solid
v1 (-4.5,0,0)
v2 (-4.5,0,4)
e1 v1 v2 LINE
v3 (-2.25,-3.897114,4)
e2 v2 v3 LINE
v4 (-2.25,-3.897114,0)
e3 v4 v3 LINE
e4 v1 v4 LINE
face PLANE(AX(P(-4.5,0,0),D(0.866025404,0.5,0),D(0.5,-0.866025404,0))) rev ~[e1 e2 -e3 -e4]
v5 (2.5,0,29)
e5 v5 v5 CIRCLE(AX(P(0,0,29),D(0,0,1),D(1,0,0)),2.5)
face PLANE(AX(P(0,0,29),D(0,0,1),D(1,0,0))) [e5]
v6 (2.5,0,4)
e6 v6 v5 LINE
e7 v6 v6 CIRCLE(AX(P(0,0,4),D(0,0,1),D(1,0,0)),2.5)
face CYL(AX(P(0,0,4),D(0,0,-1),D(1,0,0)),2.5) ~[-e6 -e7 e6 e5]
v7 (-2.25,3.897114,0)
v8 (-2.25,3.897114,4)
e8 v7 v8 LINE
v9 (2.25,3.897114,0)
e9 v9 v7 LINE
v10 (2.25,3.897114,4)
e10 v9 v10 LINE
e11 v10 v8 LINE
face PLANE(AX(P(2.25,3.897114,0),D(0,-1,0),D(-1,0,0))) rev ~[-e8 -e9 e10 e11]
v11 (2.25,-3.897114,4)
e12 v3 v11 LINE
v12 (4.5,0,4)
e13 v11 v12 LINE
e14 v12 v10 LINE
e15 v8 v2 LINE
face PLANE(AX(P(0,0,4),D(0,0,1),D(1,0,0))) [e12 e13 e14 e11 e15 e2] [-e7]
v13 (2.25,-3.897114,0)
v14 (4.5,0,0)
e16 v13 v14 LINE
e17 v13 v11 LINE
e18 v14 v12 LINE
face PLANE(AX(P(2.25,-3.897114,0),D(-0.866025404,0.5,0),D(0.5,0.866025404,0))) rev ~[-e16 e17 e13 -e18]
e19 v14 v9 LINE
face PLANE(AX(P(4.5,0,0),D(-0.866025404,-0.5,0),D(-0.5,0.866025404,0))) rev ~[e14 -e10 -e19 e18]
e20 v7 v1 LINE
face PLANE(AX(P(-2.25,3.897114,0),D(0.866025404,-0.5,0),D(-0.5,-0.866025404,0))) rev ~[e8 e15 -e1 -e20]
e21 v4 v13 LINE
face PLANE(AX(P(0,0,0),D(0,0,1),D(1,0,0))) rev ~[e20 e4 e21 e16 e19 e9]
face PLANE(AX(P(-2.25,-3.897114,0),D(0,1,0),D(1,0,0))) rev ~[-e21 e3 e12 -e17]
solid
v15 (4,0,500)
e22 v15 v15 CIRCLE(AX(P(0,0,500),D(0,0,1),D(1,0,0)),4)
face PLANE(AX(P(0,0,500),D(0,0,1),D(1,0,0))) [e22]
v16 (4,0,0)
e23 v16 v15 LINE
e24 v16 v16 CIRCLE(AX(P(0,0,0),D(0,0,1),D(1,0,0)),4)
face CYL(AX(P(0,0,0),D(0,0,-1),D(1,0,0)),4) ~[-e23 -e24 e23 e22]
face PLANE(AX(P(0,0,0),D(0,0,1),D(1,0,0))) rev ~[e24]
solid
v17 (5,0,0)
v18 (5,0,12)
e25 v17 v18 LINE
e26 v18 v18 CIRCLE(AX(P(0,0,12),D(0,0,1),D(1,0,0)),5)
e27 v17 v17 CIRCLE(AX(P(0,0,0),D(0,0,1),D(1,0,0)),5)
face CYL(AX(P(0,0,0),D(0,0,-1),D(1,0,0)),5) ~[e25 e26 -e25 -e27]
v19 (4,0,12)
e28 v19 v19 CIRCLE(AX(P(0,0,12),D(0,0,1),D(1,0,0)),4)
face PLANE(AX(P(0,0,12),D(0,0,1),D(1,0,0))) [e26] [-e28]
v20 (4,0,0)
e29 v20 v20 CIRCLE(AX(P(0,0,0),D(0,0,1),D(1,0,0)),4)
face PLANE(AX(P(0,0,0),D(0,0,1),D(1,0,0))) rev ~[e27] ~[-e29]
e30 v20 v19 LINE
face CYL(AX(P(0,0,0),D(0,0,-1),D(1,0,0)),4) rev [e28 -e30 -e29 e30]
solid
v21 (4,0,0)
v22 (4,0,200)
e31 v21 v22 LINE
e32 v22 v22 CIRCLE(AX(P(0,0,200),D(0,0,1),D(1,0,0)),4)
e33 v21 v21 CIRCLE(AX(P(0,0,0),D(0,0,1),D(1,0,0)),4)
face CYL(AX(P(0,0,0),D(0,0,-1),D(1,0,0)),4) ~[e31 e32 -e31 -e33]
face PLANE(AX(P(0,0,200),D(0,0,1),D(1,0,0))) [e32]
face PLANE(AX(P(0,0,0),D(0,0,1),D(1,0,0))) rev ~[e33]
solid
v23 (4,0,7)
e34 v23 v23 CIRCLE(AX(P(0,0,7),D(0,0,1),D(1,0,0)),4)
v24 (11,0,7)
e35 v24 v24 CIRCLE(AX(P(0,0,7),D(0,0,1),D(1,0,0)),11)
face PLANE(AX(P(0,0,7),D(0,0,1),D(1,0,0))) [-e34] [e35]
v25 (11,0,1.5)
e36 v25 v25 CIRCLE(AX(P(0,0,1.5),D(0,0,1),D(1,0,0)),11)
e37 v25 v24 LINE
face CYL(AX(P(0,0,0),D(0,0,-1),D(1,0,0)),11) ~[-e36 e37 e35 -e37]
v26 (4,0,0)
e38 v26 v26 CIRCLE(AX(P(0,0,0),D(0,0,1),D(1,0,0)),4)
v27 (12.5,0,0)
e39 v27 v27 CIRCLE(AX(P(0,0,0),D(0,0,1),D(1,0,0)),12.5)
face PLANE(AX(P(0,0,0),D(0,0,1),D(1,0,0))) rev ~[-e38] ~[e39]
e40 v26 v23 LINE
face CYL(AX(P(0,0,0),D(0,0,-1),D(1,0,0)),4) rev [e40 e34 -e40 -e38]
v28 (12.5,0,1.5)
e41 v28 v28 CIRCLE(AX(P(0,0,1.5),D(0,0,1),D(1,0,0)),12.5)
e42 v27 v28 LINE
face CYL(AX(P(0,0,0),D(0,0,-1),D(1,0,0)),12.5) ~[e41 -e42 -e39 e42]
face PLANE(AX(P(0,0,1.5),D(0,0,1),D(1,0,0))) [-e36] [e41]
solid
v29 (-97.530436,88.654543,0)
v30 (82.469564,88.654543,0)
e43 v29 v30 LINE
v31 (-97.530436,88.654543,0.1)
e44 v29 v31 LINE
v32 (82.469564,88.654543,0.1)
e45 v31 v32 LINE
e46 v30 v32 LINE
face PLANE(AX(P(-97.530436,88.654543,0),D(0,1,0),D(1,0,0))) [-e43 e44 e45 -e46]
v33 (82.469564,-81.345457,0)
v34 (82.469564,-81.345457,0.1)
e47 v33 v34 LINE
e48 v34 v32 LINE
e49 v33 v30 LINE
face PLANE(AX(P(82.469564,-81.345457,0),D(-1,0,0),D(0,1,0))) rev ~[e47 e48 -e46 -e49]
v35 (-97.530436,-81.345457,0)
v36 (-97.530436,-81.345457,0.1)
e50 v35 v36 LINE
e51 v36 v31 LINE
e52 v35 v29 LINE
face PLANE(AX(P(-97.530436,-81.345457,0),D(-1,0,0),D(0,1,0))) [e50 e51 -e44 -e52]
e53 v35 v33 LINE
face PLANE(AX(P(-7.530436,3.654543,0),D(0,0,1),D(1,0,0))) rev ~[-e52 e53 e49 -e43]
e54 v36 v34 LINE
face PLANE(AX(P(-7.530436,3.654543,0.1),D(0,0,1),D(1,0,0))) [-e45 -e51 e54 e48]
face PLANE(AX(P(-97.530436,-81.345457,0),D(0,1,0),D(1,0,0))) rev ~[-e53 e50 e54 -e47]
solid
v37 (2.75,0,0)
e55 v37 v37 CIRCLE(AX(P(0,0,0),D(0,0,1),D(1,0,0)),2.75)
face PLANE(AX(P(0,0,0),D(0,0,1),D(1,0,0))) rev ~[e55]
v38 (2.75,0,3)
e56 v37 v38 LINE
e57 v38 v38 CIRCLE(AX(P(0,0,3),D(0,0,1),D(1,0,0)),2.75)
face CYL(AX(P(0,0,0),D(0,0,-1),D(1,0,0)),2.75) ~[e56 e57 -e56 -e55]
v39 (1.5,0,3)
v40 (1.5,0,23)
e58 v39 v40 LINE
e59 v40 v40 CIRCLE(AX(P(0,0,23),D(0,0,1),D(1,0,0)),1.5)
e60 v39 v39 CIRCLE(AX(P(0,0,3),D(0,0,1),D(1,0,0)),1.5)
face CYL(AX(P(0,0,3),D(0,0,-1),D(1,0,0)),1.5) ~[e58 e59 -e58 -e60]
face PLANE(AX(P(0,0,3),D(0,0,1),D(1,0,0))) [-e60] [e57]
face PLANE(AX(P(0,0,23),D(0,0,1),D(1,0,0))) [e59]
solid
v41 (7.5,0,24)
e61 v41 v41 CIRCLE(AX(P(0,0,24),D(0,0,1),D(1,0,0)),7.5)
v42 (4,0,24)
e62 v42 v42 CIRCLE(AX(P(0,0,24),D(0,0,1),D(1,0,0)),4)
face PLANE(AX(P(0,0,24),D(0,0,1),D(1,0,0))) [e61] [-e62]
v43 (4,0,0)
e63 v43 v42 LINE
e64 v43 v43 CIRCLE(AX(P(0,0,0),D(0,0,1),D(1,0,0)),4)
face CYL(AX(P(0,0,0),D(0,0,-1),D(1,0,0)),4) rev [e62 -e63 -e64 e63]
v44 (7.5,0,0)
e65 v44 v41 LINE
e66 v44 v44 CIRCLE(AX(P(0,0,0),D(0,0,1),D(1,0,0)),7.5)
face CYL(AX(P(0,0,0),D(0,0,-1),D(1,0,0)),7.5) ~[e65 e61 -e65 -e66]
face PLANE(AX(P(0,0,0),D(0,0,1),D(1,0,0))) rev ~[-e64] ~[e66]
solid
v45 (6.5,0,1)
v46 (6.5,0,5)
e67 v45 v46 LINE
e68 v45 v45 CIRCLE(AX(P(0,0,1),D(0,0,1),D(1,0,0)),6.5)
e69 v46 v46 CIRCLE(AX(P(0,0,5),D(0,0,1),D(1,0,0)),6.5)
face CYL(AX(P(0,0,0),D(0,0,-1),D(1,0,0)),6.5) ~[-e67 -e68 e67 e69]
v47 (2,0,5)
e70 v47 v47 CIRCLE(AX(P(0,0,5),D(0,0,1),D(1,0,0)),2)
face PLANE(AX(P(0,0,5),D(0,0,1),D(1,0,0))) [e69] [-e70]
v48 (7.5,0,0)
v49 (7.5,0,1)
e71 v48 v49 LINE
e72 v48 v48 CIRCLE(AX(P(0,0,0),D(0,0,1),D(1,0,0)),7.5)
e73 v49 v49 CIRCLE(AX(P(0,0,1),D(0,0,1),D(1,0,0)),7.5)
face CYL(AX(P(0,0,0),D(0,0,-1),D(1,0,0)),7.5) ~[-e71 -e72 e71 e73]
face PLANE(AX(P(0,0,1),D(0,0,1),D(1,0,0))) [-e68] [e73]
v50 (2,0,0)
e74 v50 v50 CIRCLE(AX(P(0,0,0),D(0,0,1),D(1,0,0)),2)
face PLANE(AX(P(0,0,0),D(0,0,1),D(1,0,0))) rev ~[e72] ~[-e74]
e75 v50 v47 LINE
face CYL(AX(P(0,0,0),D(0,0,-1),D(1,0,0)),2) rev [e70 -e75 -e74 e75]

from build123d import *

# Parameters (mm, degrees)
F0_R      = 11
F0_R_2    = 4
F1_DEPTH  = 7
F0_R_3    = 12.5
F2_DEPTH  = 1.5
F3_R      = 6.5
F3_R_2    = 2
F4_DEPTH  = 5
F3_R_3    = 7.5
F5_DEPTH  = 1
F6_R      = 5
F6_R_2    = 4
F7_DEPTH  = 12
F8_R      = 4
F9_DEPTH  = 500
F10_DEPTH = 200
F12_DEPTH = 4
F13_R     = 2.5
F14_DEPTH = 25
F15_R     = 2.75
F16_DEPTH = 3
F17_R     = 1.5
F18_DEPTH = 20
F19_R     = 7.5
F19_R_2   = 4
F20_DEPTH = 24
F21_W     = 180
F21_H     = 170
F22_DEPTH = 0.1


with BuildPart() as f1:
    # F0 (on Top) → F1 (new body)
    with BuildSketch(Plane.XY):
        Circle(F0_R)
        Circle(F0_R_2, mode=Mode.SUBTRACT)
    extrude(amount=F1_DEPTH)

    # F0 (on Top) → F2 (join)
    with BuildSketch(Plane.XY):
        Circle(F0_R_3)
        Circle(F0_R, mode=Mode.SUBTRACT)
    extrude(amount=F2_DEPTH)


with BuildPart() as f4:
    # F3 (on Top) → F4 (new body)
    with BuildSketch(Plane.XY):
        Circle(F3_R)
        Circle(F3_R_2, mode=Mode.SUBTRACT)
    extrude(amount=F4_DEPTH)

    # F3 (on Top) → F5 (join)
    with BuildSketch(Plane.XY):
        Circle(F3_R_3)
        Circle(F3_R, mode=Mode.SUBTRACT)
    extrude(amount=F5_DEPTH)


with BuildPart() as f7:
    # F6 (on Top) → F7 (new body)
    with BuildSketch(Plane.XY):
        Circle(F6_R)
        Circle(F6_R_2, mode=Mode.SUBTRACT)
    extrude(amount=F7_DEPTH)


with BuildPart() as f9:
    # F8 (on Top) → F9 (new body)
    with BuildSketch(Plane.XY):
        Circle(F8_R)
    extrude(amount=F9_DEPTH)


with BuildPart() as f10:
    # F8 (on Top) → F10 (new body)
    with BuildSketch(Plane.XY):
        Circle(F8_R)
    extrude(amount=F10_DEPTH)


with BuildPart() as f12:
    # F11 (on Top) → F12 (new body)
    with BuildSketch(Plane.XY):
        Polygon((-2.25, -3.897114317), (2.25, -3.897114317), (4.5, 0), (2.25, 3.897114317), (-2.25, 3.897114317), (-4.5, 0), align=None)
    extrude(amount=F12_DEPTH)

    # F13 (on face) → F14 (join)
    with BuildSketch(Plane.XY.offset(4)):
        Circle(F13_R)
    extrude(amount=F14_DEPTH)


with BuildPart() as f16:
    # F15 (on Top) → F16 (new body)
    with BuildSketch(Plane.XY):
        Circle(F15_R)
    extrude(amount=F16_DEPTH)

    # F17 (on face) → F18 (join)
    with BuildSketch(Plane.XY.offset(3)):
        Circle(F17_R)
    extrude(amount=F18_DEPTH)


with BuildPart() as f20:
    # F19 (on Top) → F20 (new body)
    with BuildSketch(Plane.XY):
        Circle(F19_R)
        Circle(F19_R_2, mode=Mode.SUBTRACT)
    extrude(amount=F20_DEPTH)


with BuildPart() as f22:
    # F21 (on Top) → F22 (new body)
    with BuildSketch(Plane.XY):
        with Locations((-7.5304363951, 3.6545433104)):
            Rectangle(F21_W, F21_H)
    extrude(amount=F22_DEPTH)


solid = Compound([f1.part, f4.part, f7.part, f9.part, f10.part, f12.part, f16.part, f20.part, f22.part])
